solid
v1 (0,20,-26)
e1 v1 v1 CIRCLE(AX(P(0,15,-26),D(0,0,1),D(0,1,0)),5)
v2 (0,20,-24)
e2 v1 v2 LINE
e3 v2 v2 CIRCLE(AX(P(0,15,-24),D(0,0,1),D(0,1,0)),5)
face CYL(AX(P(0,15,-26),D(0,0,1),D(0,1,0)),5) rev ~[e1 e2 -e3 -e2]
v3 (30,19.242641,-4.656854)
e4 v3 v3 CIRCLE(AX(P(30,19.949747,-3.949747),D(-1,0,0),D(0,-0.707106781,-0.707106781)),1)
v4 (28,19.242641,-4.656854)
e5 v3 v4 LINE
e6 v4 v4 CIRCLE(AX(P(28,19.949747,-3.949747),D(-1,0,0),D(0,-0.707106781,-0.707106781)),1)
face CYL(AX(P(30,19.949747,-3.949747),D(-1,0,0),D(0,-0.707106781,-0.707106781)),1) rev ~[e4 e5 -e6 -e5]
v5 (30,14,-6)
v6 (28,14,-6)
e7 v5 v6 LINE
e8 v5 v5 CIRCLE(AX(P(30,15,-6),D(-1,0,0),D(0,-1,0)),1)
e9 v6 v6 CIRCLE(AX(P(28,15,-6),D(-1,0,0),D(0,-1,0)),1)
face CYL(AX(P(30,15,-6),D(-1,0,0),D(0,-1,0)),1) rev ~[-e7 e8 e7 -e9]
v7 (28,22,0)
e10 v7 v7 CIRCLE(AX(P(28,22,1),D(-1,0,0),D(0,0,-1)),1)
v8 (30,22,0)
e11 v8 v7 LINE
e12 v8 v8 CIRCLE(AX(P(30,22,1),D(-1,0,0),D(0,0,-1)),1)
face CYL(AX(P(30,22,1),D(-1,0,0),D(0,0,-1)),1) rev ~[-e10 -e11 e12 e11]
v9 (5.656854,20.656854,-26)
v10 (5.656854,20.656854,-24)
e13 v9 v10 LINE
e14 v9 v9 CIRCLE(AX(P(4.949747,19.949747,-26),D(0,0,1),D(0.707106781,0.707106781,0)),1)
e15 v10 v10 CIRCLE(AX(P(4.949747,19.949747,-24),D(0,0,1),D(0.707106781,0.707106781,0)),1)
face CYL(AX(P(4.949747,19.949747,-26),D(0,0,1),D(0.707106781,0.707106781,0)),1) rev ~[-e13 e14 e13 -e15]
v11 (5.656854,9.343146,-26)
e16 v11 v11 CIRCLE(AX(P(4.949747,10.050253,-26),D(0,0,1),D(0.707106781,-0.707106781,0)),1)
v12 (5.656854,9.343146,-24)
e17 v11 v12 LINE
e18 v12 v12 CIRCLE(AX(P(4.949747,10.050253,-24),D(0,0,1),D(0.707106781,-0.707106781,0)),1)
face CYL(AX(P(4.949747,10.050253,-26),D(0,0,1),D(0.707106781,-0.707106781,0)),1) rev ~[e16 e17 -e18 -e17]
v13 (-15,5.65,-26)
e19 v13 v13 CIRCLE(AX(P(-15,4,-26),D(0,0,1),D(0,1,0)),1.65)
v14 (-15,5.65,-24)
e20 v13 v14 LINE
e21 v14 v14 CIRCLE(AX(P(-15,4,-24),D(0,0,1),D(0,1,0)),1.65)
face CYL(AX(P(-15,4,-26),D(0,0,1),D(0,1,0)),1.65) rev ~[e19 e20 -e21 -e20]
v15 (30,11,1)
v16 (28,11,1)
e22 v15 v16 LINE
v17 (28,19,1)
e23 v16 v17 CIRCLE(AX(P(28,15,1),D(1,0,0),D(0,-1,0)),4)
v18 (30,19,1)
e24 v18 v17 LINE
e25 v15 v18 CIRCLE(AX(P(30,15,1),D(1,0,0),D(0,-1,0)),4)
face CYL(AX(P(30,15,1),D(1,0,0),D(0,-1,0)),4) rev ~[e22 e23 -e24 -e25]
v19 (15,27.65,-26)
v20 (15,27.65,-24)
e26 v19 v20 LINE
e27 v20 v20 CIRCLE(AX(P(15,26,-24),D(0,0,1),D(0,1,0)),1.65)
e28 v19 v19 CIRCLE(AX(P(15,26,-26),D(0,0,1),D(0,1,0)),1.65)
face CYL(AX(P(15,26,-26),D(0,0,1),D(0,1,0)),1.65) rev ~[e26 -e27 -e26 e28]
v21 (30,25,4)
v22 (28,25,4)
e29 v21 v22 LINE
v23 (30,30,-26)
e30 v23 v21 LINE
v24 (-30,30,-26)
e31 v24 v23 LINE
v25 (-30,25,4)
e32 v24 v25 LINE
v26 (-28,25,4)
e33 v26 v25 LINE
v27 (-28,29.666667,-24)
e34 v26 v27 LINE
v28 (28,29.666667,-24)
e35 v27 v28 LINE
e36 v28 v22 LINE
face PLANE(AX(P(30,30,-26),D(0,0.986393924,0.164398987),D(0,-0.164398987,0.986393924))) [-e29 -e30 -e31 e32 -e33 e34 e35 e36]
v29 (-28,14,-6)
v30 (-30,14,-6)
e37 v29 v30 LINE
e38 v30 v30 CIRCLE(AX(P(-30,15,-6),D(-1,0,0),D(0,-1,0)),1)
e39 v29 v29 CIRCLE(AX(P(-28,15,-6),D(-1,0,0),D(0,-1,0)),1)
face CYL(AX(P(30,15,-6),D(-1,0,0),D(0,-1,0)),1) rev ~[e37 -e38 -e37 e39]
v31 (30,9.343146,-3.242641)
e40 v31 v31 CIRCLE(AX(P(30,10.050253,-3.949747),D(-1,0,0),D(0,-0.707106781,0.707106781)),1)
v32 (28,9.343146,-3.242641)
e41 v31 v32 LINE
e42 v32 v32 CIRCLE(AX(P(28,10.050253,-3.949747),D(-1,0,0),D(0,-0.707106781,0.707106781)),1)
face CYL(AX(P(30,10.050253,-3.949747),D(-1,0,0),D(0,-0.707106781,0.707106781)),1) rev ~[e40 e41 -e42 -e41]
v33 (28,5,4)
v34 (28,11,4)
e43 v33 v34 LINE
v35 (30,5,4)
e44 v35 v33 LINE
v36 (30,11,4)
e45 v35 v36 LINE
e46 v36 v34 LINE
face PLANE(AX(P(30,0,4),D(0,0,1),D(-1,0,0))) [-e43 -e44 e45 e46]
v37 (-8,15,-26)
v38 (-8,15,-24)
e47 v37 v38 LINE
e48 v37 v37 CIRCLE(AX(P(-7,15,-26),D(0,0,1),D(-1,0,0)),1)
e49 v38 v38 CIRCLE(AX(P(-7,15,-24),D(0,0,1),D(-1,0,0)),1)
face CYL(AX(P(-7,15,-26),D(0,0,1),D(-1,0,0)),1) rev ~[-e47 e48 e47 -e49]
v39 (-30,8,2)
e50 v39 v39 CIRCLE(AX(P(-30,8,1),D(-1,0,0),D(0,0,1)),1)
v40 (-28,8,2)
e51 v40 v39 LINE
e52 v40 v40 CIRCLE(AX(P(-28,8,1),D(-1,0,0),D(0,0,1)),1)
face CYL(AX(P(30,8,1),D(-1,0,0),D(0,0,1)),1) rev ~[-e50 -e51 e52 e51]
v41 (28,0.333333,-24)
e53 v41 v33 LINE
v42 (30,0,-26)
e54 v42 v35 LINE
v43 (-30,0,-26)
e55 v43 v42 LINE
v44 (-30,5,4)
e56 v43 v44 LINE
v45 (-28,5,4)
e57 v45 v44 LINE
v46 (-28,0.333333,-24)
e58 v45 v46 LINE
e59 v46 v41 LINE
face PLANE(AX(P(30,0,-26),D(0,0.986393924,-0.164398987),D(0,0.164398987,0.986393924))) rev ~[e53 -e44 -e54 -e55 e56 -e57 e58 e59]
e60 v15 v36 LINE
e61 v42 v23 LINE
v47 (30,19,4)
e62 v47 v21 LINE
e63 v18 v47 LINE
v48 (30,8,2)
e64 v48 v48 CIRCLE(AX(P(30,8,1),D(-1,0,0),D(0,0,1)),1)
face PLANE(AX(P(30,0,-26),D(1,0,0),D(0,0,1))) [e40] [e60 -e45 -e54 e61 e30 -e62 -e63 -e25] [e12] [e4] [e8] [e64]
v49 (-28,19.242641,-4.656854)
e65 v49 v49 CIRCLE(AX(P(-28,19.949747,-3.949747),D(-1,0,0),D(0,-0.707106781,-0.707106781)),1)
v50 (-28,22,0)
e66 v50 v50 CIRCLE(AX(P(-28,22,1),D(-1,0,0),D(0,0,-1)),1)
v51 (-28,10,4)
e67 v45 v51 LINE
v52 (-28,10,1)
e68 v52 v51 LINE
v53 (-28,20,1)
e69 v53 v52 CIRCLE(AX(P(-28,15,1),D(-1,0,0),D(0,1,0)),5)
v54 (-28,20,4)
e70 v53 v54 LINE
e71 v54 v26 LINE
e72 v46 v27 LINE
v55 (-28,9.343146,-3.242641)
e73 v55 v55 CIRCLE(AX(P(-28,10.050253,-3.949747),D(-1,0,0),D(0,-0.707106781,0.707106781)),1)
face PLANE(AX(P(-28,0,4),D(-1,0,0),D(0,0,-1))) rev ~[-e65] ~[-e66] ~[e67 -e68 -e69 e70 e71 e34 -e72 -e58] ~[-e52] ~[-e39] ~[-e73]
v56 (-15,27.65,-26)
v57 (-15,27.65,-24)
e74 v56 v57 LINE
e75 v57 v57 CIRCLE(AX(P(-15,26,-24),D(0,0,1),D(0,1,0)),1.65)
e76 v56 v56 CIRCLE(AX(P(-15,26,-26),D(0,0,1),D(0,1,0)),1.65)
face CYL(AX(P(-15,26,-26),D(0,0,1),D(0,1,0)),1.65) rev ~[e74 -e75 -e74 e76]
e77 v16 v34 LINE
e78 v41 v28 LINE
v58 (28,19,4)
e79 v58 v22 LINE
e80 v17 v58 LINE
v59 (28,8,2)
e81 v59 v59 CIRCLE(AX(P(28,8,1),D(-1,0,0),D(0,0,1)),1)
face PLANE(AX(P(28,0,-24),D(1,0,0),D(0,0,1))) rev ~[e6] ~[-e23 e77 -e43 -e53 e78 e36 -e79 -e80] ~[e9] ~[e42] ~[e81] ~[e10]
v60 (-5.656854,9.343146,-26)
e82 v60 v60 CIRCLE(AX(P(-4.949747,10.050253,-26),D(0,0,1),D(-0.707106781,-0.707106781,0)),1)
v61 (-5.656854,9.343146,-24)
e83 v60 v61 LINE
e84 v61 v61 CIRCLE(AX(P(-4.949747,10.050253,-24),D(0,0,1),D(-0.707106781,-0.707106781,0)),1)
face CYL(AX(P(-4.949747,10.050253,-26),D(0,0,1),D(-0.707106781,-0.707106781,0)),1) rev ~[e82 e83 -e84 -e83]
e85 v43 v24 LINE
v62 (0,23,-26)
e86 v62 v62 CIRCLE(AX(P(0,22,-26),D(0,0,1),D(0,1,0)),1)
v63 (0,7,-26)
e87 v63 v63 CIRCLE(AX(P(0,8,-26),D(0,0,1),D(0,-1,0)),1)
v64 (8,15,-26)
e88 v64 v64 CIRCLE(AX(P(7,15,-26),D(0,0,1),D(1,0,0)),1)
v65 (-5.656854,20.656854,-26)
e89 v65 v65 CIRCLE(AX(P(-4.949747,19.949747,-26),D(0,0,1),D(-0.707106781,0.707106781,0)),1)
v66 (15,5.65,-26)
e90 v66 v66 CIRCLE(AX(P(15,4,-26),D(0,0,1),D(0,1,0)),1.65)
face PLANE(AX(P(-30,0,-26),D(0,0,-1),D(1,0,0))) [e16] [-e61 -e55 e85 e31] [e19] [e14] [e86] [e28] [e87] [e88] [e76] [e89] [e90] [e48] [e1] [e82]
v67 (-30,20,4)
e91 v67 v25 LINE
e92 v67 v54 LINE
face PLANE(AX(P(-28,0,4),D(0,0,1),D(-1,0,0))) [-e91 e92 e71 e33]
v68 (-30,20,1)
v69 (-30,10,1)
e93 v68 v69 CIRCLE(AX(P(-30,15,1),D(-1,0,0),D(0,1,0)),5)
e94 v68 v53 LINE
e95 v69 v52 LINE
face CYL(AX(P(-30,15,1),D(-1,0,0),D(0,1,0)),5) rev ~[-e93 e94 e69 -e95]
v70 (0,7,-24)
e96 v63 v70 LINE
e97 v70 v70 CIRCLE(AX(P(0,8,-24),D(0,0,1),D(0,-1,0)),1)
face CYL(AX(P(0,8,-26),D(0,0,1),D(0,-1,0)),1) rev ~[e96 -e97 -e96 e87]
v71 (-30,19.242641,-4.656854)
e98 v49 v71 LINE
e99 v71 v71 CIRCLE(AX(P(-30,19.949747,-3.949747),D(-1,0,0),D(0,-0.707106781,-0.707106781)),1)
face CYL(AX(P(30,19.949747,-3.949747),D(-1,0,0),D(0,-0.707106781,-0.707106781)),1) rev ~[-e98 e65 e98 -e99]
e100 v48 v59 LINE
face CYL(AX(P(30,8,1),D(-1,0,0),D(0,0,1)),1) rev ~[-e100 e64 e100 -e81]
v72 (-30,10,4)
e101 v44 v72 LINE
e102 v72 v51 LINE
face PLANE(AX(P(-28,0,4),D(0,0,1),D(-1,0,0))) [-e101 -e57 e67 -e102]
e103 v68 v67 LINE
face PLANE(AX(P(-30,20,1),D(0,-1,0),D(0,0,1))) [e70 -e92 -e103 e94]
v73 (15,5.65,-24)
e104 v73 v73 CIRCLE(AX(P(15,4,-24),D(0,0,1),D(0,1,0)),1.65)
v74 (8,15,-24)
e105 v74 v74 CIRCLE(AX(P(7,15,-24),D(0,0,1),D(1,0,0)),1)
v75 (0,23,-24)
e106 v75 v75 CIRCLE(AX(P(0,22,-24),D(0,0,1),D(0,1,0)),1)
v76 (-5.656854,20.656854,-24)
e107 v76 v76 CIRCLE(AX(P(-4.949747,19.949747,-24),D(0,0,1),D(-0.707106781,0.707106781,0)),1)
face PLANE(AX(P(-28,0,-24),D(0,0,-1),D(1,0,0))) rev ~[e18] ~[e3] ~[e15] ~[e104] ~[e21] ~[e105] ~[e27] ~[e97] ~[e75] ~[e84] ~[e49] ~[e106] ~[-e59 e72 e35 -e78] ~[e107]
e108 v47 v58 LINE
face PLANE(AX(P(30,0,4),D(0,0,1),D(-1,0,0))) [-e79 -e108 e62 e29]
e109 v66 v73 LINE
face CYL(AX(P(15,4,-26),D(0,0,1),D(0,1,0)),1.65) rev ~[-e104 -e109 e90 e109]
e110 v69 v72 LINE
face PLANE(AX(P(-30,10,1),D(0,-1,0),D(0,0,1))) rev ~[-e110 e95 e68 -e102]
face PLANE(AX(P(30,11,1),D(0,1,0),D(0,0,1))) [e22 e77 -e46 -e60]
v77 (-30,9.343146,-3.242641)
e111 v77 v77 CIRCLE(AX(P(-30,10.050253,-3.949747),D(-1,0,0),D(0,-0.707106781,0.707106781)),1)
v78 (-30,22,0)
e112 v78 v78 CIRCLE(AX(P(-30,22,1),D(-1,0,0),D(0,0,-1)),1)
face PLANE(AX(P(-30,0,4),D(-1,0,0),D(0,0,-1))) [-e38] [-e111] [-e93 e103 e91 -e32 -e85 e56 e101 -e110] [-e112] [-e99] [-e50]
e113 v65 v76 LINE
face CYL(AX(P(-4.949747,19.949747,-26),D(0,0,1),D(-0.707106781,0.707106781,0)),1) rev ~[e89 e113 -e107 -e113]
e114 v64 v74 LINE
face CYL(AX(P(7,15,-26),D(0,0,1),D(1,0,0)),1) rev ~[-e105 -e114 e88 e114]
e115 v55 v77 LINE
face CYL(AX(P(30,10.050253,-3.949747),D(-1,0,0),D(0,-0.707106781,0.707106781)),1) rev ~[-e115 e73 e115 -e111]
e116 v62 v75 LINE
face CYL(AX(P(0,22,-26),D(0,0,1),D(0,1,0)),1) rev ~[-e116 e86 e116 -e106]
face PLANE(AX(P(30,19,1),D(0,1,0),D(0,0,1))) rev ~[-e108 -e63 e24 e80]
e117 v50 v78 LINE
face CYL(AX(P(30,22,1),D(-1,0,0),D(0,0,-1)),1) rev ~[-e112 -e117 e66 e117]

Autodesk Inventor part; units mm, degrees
ref_plane "YZ Plane" through (0, 0, 0) normal (1, 0, 0) x (0, 1, 0)
ref_plane "XZ Plane" through (0, 0, 0) normal (0, 1, 0) x (-1, 0, 0)
ref_plane "XY Plane" through (0, 0, 0) normal (0, 0, 1) x (1, 0, 0)
sketch "スケッチ1" plane through (0, 0, 0) normal (0, 1, 0) x (-1, 0, 0)
  line L0 (30, 4) -> (30, -26)
  line L1 (30, -26) -> (-30, -26)
  line L2 (-30, -26) -> (-30, 4)
  line L3 (28, 4) -> (28, -24)
  line L4 (28, -24) -> (-28, -24)
  line L5 (-28, -24) -> (-28, 4)
  line L6 (-30, 4) -> (-28, 4)
  line L7 (28, 4) -> (30, 4)
  point P0 (0, 0)
  dimension "d0" = 60
  dimension "d2" = 30
  dimension "d3" = 28
  dimension "d4" = 56
  dimension "d5" = 28
  dimension "d6" = 24
  dimension "d7" = 30
  dimension "d8" = 26
  dimension "d9" = 28
  dimension "d11" = 28
extrude "押し出し1" add sketch "スケッチ1" along normal blind 30
sketch "スケッチ2" plane through (30, 0, 4) normal (1, 0, 0) x (0, 0, -1)
  line L0 (30, 0) -> (30, 30) projected
  line L1 (0, 0) -> (0, 30) projected
  line L2 (30, 30) -> (0, 25)
  line L3 (30, 0) -> (0, 5)
  point P0 (4, 0)
  dimension "d75" = 20
extrude "押し出し2" cut sketch "スケッチ2" against normal blind 60 keep common part
sketch "スケッチ3" plane through (30, 0, -26) normal (1, 0, 0) x (0, 0, -1)
  line L0 (-30, 5) -> (-30, 25) projected
  line L1 (0, 0) -> (0, 30) projected
  arc A0 (-27, 11) -> (-27, 19) centre (-27, 15) ccw
  line L2 (-27, 19) -> (-30, 19)
  line L3 (-27, 11) -> (-30, 11)
  point P0 (-26, 0)
  dimension "d20" = 8
  dimension "d79" = 3
  dimension "d82" = 15
extrude "押し出し3" cut sketch "スケッチ3" against normal blind 2
sketch "スケッチ4" plane through (-30, 0, -26) normal (-1, 0, 0) x (0, 0, 1)
  line L0 (30, 5) -> (30, 25) projected
  arc A0 (27, 20) -> (27, 10) centre (27, 15) ccw
  line L1 (27, 20) -> (30, 20)
  line L2 (27, 10) -> (30, 10)
  point P0 (26, 0)
  point P1 (0, 30)
  dimension "d25" = 10
  dimension "d80" = 3
  dimension "d81" = 15
extrude "押し出し4" cut sketch "スケッチ4" against normal blind 2
sketch "スケッチ7" plane through (30, 0, -26) normal (0, 0, -1) x (-1, 0, 0)
  line L0 (0, 0) -> (60, 0) projected
  line L1 (0, 0) -> (0, 30) projected
  circle A0 centre (30, 15) radius 5
  point P0 (30, 0)
  dimension "d45" = 10
  dimension "d47" = 15
  dimension "d48" = 30
hole "穴2" at (0, 15, -26) direction (0, 0, 1) diameter 10 end through all
sketch "スケッチ8" plane through (30, 0, -26) normal (0, 0, -1) x (-1, 0, 0)
  circle A0 centre (30, 15) radius 5 projected
  line L0 (0, 0) -> (0, 30) projected
  circle A1 centre (30, 22) radius 1
  line L1 (30, 15) -> (30, 22)
  point P0 (30, 0)
  dimension "d56" = 2
  dimension "d58" = 0
  dimension "d62" = 7
hole "穴3" at (0, 22, -26) direction (0, 0, 1) diameter 2 end through all
pattern_circular "円形状パターン2" count 8 over 360 about axis through (0, 15, 47.4847) along (0, 0, -1) of "穴2", "穴3"
sketch "スケッチ9" plane through (30, 0, -26) normal (1, 0, 0) x (0, 0, -1)
  arc A0 (-27, 11) -> (-27, 19) centre (-27, 15) ccw projected
  line L0 (-30, 19) -> (-30, 25) projected
  circle A1 centre (-27, 22) radius 1
  line L1 (-27, 15) -> (-27, 22)
  point P0 (-26, 0)
  dimension "d83" = 2
  dimension "d85" = 7
hole "穴4" at (30, 22, 1) direction (-1, 0, 0) diameter 2 end through all
pattern_circular "円形状パターン3" count 5 over 180 about axis through (30, 15, 1) along (-1, 0, 0) of "穴4"
sketch "スケッチ10" plane through (30, 0, -26) normal (0, 0, -1) x (-1, 0, 0)
  circle A0 centre (30, 15) radius 5 projected
  line L0 (0, 30) -> (60, 30) projected
  circle A1 centre (15, 26) radius 1.65
  circle A2 centre (15, 4) radius 1.65
  circle A3 centre (45, 4) radius 1.65
  circle A4 centre (45, 26) radius 1.65
  point P0 (30, 0)
  dimension "d96" = 30
  dimension "d98" = 22
  dimension "d99" = 4
  dimension "d100" = 22
  dimension "d101" = 4
  dimension "d102" = 30
  dimension "d103" = 15
  dimension "d104" = 15
  dimension "d105" = 3.3
hole "穴5" at (15, 4, -26) at (-15, 4, -26) at (-15, 26, -26) at (15, 26, -26) direction (0, 0, 1) diameter 3.3 end through all
properties part number "12" material "アルミニウム 6061"
